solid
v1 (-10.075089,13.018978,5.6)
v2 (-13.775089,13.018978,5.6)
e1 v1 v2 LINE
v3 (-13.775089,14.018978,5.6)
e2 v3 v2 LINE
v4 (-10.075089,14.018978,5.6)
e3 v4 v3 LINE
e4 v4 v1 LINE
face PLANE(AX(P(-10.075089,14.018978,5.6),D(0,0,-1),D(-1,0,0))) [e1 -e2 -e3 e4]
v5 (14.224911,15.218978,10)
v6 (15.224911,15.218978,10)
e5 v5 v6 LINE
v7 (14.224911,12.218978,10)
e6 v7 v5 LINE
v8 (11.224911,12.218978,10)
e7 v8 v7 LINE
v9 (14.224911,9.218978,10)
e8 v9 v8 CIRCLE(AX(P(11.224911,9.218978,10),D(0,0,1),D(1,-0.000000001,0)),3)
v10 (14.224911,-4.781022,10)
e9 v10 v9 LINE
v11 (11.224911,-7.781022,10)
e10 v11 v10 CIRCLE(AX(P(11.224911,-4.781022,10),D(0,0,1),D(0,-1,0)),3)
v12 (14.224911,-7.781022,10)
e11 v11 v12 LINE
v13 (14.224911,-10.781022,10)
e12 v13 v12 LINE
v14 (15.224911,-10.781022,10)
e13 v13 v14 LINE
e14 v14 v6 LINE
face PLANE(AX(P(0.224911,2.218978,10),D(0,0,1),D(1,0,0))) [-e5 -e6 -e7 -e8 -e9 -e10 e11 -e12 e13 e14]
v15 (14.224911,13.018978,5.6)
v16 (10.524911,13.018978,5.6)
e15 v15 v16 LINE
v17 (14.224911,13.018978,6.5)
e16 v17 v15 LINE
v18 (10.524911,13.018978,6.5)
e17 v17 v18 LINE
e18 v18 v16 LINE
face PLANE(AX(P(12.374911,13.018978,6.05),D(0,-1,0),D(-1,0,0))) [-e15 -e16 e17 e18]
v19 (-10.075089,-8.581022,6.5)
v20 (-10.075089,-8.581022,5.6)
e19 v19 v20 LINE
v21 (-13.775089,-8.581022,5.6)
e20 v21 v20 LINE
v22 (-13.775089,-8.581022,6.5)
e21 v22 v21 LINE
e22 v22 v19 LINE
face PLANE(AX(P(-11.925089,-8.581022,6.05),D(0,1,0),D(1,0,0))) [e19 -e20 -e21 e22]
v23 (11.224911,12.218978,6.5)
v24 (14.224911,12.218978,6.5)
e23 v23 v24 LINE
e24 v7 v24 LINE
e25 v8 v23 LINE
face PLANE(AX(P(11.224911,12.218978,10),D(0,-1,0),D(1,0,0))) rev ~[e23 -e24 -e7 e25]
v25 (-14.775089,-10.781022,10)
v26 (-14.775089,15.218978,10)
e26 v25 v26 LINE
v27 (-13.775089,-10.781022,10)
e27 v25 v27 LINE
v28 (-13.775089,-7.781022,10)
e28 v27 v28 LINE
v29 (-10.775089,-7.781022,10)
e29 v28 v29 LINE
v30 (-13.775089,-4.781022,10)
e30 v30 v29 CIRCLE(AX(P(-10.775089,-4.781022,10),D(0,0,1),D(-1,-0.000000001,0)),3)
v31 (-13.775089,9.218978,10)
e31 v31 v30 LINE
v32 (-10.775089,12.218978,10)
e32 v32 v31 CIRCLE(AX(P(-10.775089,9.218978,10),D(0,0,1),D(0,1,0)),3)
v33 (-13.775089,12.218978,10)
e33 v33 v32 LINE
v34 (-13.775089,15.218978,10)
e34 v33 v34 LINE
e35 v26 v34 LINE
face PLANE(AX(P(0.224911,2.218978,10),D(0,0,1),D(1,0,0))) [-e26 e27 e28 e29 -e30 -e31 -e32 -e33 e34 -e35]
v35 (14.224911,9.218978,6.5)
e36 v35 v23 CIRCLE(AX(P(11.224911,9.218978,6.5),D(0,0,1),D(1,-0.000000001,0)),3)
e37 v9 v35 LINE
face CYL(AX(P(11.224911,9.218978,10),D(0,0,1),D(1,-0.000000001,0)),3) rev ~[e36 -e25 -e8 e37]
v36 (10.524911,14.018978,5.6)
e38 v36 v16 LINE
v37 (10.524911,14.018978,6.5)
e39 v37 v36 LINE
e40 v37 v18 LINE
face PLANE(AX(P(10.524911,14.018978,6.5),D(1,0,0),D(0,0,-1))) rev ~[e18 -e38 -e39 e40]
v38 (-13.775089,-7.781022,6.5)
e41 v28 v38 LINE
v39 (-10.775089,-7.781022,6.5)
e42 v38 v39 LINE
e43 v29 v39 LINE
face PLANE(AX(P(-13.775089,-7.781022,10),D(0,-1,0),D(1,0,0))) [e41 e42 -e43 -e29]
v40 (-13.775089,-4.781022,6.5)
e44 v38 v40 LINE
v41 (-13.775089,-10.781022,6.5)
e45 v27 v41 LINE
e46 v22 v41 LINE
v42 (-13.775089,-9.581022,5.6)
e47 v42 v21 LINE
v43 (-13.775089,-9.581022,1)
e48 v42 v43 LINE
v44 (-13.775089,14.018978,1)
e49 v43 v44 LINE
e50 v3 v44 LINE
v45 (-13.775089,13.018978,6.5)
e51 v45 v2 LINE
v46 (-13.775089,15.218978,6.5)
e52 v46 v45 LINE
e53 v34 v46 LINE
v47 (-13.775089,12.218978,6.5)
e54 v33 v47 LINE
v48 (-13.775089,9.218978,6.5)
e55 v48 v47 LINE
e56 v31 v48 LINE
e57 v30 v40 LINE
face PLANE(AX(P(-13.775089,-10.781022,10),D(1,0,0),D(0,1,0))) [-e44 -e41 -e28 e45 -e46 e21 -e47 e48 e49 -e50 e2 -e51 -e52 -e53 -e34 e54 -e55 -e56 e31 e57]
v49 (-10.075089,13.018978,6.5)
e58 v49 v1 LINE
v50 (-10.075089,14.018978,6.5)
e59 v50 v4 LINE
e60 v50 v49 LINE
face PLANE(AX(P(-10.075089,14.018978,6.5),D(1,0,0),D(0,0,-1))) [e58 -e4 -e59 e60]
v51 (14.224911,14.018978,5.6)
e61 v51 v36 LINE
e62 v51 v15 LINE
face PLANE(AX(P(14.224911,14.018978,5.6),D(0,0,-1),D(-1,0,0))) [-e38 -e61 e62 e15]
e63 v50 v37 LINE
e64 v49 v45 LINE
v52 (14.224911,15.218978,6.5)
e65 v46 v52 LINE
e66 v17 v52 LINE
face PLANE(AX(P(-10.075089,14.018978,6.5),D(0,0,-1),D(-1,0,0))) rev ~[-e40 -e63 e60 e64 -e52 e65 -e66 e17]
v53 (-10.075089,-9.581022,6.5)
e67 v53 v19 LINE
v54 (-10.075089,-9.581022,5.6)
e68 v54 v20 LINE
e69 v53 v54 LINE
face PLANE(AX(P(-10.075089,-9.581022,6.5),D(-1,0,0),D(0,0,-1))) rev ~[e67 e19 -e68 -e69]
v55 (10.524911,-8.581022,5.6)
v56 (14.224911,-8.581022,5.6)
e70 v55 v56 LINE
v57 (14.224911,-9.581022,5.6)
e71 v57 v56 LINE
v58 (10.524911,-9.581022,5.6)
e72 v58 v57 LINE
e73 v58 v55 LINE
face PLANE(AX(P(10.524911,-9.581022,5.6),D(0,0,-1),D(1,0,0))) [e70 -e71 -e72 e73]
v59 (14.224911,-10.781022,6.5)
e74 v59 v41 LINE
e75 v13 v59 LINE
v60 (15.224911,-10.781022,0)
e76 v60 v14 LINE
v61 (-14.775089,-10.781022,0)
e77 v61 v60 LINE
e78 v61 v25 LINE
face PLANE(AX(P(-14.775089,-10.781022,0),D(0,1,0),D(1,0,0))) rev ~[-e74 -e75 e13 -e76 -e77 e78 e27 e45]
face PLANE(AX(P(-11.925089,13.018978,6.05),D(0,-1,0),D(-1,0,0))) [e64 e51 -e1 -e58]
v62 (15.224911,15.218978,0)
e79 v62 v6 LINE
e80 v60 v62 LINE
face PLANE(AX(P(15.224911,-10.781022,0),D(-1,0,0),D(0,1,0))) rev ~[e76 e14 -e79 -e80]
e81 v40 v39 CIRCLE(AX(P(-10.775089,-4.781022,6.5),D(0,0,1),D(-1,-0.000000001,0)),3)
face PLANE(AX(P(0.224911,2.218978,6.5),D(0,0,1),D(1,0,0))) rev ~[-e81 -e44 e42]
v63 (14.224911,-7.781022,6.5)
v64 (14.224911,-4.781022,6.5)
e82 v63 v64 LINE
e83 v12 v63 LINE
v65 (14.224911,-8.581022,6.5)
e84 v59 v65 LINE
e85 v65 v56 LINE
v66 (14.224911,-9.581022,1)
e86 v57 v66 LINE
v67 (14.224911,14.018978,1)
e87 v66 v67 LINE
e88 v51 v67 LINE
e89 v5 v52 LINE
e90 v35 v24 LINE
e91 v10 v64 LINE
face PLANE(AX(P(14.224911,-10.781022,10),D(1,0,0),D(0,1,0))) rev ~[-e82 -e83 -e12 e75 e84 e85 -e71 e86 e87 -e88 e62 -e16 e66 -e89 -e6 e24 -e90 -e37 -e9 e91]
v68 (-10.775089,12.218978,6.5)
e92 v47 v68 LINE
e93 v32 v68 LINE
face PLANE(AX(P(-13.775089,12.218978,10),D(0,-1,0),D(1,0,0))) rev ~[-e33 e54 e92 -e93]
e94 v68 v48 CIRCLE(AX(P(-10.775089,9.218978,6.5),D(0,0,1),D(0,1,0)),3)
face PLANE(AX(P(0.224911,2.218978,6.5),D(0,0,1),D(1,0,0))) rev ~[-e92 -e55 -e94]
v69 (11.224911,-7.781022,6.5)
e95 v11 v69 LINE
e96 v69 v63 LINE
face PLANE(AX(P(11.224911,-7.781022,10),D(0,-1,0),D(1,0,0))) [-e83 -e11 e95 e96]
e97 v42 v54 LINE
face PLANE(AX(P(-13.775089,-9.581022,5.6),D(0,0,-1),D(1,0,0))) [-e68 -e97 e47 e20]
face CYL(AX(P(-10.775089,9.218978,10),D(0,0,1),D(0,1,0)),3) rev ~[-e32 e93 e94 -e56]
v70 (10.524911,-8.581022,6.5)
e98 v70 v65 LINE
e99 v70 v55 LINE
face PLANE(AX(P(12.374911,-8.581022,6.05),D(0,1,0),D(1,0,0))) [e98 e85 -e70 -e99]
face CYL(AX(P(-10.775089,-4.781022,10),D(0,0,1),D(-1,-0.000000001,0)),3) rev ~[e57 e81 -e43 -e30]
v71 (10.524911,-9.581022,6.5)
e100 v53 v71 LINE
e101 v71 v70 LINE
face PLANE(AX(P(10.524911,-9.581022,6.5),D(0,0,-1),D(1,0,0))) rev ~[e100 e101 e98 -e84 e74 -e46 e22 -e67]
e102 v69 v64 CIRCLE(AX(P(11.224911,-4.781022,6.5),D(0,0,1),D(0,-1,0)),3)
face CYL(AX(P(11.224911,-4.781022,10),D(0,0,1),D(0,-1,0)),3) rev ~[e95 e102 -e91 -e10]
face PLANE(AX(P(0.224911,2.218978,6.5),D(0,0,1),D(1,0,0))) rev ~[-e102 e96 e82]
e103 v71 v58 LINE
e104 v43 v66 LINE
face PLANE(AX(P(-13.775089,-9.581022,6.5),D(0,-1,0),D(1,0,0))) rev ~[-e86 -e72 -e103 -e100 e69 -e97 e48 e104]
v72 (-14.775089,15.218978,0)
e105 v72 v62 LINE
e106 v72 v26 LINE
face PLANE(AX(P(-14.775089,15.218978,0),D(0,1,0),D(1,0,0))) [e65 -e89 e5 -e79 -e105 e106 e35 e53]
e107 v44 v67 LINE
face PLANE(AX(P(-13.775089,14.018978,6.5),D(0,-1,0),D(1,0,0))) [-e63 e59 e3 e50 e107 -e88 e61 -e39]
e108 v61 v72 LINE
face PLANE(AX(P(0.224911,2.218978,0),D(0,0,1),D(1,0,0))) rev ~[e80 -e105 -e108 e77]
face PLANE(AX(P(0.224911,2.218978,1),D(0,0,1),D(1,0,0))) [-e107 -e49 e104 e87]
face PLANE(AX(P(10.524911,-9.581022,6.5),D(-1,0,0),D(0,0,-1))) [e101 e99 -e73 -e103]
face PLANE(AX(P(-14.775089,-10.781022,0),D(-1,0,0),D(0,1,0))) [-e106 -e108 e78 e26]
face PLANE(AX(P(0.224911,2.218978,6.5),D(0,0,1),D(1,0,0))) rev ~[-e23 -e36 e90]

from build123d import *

# Parameters (mm, degrees)
SKETCH1_W           = 30
SKETCH1_H           = 26
BOSS_EXTRUDE1_DEPTH = 10
CUT_EXTRUDE2_DEPTH  = 3.5
SKETCH3_W           = 3
SKETCH3_H           = 3
CUT_EXTRUDE3_DEPTH  = 3.5
SKETCH4_W           = 28
SKETCH4_H           = 23.6
CUT_EXTRUDE4_DEPTH  = 5.5
SKETCH5_W           = 3.7
SKETCH5_H           = 0.9
BOSS_EXTRUDE2_DEPTH = 1
SKETCH6_W           = 3.7
SKETCH6_H           = 0.9
BOSS_EXTRUDE3_DEPTH = 1


with BuildPart() as part:
    # Sketch1 → Boss-Extrude1 (new body)
    with BuildSketch(Plane.XY):
        with Locations((0.224911006, 2.218978102)):
            Rectangle(SKETCH1_W, SKETCH1_H)
    extrude(amount=BOSS_EXTRUDE1_DEPTH)

    # Sketch2 → Cut-Extrude2 (cut)
    with BuildSketch(Plane.XY.offset(10)):
        with BuildLine():
            Line((-13.775088994, 9.218978102), (-13.775088994, -4.781021898))
            ThreePointArc((-13.775088994, -4.781021898), (-12.896409337, -6.902342241), (-10.775088994, -7.781021898))
            Line((-10.775088994, -7.781021898), (-10.775088994, -10.781021898))
            Line((-10.775088994, -10.781021898), (11.224911006, -10.781021898))
            Line((11.224911006, -10.781021898), (11.224911006, -7.781021898))
            ThreePointArc((11.224911006, -7.781021898), (13.34623135, -6.902342241), (14.224911006, -4.781021898))
            Line((14.224911006, -4.781021898), (14.224911006, 9.218978102))
            ThreePointArc((14.224911006, 9.218978102), (13.34623135, 11.340298446), (11.224911006, 12.218978102))
            Line((11.224911006, 12.218978102), (11.224911006, 15.218978102))
            Line((11.224911006, 15.218978102), (-10.775088994, 15.218978102))
            Line((-10.775088994, 15.218978102), (-10.775088994, 12.218978102))
            ThreePointArc((-10.775088994, 12.218978102), (-12.896409337, 11.340298446), (-13.775088994, 9.218978102))
        make_face()
    extrude(amount=-CUT_EXTRUDE2_DEPTH, mode=Mode.SUBTRACT)

    # Sketch3 → Cut-Extrude3 (cut)
    with BuildSketch(Plane.XY.offset(10)):
        with Locations((-12.275088994, 13.718978102)):
            Rectangle(SKETCH3_W, SKETCH3_H)
        with Locations((12.724911006, -9.281021898)):
            Rectangle(SKETCH3_W, SKETCH3_H)
        with Locations((-12.275088994, -9.281021898)):
            Rectangle(SKETCH3_W, SKETCH3_H)
        with Locations((12.724911006, 13.718978102)):
            Rectangle(SKETCH3_W, SKETCH3_H)
    extrude(amount=-CUT_EXTRUDE3_DEPTH, mode=Mode.SUBTRACT)

    # Sketch4 → Cut-Extrude4 (cut)
    with BuildSketch(Plane.XY.offset(6.5)):
        with Locations((0.224911006, 2.218978102)):
            Rectangle(SKETCH4_W, SKETCH4_H)
    extrude(amount=-CUT_EXTRUDE4_DEPTH, mode=Mode.SUBTRACT)

    # Sketch5 → Boss-Extrude2 (add)
    with BuildSketch(Plane(origin=(0, 14.018978102, 0), x_dir=(-1, 0, 0), z_dir=(0, -1, 0))):
        with Locations((11.925088994, -6.05)):
            Rectangle(SKETCH5_W, SKETCH5_H)
        with Locations((-12.374911006, -6.05)):
            Rectangle(SKETCH5_W, SKETCH5_H)
    extrude(amount=BOSS_EXTRUDE2_DEPTH)

    # Sketch6 → Boss-Extrude3 (add)
    with BuildSketch(Plane(origin=(0, -9.581021898, 0), x_dir=(1, 0, 0), z_dir=(0, 1, 0))):
        with Locations((12.374911006, -6.05)):
            Rectangle(SKETCH6_W, SKETCH6_H)
        with Locations((-11.925088994, -6.05)):
            Rectangle(SKETCH6_W, SKETCH6_H)
    extrude(amount=BOSS_EXTRUDE3_DEPTH)


solid = part.part
